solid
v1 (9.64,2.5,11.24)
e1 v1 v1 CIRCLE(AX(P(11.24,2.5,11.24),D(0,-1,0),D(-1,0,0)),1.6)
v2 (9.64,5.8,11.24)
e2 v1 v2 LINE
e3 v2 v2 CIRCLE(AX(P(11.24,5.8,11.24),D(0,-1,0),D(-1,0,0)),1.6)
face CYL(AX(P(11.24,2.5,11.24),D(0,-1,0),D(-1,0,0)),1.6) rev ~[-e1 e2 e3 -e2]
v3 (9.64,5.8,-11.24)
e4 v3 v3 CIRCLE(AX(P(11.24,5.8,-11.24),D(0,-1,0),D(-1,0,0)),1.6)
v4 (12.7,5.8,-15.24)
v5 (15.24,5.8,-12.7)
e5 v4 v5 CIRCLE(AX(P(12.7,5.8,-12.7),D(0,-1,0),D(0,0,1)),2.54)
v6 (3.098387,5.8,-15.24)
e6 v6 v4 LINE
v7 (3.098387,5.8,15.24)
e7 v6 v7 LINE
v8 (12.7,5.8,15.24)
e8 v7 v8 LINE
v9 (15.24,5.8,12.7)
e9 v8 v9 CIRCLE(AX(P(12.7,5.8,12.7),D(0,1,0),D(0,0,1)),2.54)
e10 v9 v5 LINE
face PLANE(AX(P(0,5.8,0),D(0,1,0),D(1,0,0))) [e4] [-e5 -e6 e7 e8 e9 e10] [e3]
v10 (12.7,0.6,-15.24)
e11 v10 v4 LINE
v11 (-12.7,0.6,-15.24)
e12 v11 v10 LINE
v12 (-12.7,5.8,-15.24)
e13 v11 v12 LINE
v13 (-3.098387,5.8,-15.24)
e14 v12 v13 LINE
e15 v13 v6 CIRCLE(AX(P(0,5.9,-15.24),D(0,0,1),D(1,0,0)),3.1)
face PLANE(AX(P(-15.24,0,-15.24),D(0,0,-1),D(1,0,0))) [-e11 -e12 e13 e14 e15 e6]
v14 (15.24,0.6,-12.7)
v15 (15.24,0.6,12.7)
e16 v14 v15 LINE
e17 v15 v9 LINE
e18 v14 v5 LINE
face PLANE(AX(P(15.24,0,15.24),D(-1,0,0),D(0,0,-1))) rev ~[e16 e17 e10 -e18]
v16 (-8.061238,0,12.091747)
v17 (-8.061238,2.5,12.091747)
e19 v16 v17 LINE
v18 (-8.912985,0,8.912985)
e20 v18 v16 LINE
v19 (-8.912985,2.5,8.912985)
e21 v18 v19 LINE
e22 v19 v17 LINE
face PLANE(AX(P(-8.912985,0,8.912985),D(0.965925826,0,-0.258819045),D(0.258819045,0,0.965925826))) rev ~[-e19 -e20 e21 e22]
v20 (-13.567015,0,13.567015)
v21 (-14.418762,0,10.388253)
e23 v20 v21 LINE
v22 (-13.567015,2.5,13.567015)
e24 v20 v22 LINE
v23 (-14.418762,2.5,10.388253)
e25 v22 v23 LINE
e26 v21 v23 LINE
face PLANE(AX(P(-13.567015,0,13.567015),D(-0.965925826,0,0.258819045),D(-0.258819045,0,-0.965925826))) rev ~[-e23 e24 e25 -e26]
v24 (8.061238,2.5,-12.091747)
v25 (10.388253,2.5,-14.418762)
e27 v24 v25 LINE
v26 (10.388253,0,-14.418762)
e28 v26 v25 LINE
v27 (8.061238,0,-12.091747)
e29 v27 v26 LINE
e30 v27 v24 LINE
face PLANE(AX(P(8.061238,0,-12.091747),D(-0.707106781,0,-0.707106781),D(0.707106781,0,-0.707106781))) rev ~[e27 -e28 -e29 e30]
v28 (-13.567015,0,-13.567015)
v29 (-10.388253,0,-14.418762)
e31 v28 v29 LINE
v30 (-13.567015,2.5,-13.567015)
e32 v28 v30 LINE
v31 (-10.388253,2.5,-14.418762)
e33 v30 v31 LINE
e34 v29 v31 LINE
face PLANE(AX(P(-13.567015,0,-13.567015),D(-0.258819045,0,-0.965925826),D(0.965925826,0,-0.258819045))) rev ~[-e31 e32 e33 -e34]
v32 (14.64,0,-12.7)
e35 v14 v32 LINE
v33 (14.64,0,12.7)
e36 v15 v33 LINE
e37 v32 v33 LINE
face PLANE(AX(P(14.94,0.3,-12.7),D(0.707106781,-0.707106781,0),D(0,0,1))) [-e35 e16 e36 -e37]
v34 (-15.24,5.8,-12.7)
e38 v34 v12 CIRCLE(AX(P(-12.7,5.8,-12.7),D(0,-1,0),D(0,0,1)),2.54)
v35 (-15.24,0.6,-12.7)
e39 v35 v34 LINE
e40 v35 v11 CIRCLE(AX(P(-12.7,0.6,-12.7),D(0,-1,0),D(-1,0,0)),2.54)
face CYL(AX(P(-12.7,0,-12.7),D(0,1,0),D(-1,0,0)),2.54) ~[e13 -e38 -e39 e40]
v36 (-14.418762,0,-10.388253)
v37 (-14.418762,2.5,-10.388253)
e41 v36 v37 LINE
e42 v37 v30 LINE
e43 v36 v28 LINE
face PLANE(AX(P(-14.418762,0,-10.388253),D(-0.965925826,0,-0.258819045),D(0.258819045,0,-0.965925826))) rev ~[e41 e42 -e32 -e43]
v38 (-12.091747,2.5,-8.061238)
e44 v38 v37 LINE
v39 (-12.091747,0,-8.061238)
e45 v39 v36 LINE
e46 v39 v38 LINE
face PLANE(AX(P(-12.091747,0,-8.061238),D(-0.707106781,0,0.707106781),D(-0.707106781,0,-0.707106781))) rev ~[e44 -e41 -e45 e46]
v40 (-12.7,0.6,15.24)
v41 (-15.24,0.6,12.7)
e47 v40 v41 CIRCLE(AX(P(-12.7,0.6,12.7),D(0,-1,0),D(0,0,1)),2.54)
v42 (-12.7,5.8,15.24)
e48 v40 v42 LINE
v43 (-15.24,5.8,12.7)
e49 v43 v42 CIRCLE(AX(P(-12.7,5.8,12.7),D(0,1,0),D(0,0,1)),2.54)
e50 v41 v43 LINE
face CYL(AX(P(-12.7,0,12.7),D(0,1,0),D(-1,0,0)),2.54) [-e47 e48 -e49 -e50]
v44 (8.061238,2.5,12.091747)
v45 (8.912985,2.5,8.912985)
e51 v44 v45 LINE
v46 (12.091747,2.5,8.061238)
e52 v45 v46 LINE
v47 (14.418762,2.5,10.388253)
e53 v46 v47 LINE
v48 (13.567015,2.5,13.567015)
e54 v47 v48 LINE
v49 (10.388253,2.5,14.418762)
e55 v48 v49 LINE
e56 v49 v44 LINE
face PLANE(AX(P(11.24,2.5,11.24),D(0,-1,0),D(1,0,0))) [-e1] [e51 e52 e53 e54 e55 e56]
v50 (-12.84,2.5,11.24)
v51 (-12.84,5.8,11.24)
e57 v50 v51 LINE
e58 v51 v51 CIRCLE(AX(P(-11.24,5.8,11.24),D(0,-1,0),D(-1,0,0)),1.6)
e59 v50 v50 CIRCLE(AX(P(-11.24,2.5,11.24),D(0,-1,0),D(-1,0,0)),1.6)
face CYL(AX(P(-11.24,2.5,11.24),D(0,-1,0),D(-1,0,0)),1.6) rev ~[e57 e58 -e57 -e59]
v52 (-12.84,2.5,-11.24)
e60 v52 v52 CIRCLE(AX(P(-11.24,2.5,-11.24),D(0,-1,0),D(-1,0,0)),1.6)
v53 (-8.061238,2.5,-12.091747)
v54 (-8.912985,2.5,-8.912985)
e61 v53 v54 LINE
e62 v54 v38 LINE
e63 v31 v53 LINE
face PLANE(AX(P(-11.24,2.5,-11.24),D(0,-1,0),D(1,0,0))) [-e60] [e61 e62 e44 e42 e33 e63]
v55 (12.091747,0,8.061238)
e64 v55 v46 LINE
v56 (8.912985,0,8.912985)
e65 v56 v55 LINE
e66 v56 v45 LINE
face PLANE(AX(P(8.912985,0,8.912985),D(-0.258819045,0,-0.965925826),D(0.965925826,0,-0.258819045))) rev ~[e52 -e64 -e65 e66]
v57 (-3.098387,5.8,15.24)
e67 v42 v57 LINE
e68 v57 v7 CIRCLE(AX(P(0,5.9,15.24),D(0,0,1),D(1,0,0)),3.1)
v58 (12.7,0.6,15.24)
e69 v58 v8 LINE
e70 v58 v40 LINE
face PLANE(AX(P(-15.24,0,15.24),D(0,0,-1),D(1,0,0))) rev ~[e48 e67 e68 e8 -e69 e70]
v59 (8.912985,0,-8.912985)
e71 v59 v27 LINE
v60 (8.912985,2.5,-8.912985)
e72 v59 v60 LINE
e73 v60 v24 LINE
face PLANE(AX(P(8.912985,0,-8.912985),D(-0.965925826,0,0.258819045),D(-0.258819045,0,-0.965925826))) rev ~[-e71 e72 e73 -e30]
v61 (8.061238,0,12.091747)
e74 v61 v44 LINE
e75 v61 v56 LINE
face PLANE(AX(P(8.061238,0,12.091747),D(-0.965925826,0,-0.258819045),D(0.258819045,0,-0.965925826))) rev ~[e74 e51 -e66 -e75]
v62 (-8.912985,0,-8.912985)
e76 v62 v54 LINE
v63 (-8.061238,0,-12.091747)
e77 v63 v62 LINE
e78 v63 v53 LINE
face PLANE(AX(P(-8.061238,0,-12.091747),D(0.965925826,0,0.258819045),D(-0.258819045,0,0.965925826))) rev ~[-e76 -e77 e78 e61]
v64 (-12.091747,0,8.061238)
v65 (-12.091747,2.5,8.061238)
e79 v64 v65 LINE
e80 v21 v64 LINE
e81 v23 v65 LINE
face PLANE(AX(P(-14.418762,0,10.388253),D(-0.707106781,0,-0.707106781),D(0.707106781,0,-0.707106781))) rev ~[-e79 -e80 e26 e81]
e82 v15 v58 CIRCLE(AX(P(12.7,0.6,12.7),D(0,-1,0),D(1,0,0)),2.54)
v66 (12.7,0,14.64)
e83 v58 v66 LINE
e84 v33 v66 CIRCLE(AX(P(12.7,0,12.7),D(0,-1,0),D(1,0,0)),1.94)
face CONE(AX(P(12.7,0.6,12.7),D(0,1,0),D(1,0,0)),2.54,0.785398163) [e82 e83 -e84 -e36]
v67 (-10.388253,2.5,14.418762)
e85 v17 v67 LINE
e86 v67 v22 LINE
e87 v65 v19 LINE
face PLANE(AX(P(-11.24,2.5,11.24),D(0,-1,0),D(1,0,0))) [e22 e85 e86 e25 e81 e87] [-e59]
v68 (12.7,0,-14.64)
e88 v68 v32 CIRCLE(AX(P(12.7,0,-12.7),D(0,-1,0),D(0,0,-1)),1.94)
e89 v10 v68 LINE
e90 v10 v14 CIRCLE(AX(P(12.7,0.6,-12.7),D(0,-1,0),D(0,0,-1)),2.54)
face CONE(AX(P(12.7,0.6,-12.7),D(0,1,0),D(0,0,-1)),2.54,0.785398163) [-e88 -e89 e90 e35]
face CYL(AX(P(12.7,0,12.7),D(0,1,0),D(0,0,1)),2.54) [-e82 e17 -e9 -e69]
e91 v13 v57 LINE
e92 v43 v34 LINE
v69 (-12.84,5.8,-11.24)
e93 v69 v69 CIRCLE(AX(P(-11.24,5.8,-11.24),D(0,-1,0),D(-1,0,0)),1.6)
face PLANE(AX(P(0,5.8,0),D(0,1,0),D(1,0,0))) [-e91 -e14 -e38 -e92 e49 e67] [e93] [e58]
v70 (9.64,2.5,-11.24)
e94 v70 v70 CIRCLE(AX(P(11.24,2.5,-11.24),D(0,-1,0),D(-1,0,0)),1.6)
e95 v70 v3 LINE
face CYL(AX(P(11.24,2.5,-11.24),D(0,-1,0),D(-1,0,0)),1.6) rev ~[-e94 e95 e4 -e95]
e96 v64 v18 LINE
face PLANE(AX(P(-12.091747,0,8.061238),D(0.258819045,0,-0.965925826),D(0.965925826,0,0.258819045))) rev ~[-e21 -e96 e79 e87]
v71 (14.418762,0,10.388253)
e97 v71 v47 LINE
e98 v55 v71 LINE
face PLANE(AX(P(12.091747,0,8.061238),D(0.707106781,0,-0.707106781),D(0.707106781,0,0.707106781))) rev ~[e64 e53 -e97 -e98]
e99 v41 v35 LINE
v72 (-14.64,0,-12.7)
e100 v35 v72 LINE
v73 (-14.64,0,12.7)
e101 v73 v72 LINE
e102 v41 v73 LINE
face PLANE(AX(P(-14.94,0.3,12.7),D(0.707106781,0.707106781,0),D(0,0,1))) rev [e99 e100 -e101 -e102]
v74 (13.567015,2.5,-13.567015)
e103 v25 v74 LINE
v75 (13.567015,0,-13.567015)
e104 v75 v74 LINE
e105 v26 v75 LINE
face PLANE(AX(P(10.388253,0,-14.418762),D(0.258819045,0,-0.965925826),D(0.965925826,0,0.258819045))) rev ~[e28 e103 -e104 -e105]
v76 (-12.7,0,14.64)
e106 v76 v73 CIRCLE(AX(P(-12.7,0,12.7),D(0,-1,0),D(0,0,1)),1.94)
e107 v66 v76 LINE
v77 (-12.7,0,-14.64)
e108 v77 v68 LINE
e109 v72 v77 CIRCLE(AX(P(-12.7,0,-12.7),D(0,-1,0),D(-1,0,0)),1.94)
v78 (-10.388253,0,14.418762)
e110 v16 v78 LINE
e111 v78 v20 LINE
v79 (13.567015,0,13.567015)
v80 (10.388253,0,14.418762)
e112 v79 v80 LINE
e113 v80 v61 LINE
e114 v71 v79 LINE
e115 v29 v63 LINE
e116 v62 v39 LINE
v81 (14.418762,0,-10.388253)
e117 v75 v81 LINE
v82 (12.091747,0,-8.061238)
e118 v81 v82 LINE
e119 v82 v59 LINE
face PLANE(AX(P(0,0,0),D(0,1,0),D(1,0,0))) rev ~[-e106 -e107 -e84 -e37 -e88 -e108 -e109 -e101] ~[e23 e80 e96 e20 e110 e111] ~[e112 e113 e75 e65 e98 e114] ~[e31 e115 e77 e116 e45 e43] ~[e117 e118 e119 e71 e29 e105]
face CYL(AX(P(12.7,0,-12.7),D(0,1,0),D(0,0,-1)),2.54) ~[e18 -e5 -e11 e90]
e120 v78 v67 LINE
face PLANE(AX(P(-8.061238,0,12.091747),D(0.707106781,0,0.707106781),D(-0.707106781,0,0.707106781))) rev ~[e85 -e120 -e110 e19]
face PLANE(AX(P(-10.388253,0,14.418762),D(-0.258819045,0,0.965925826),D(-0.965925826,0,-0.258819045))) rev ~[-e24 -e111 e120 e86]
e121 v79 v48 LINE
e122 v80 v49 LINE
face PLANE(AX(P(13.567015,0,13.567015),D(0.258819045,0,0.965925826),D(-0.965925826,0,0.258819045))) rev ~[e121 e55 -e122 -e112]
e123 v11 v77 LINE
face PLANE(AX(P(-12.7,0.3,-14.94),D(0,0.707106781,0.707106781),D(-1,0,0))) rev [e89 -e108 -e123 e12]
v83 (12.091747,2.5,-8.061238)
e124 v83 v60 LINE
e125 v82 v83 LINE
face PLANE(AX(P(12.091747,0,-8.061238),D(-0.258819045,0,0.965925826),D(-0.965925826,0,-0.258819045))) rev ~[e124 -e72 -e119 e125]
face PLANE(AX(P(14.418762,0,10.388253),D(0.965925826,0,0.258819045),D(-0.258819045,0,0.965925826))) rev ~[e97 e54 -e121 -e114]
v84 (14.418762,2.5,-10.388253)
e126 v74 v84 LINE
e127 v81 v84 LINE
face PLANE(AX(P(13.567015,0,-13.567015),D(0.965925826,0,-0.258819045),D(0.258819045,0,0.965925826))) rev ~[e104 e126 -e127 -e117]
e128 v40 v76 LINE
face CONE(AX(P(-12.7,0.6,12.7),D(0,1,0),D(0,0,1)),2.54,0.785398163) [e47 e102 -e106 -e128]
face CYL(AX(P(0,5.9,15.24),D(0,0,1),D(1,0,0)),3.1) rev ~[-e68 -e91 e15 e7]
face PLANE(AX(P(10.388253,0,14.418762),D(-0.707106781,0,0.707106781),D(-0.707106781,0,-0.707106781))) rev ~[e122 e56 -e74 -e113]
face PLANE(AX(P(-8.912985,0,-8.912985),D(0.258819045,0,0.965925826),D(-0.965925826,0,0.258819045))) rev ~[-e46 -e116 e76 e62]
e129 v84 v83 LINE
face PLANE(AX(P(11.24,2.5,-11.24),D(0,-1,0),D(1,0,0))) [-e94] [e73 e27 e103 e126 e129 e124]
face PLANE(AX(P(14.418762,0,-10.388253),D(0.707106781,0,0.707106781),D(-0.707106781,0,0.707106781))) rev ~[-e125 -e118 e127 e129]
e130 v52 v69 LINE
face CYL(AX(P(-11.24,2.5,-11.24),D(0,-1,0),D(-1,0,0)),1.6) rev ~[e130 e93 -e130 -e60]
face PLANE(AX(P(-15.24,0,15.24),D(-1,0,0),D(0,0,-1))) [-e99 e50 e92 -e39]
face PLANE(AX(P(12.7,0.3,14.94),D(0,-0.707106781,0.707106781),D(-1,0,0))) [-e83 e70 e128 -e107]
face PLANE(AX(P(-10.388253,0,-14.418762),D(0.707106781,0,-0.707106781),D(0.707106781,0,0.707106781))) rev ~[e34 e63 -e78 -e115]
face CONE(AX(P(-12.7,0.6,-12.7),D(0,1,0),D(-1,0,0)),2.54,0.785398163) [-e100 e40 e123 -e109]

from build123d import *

# Parameters (mm, degrees)
SKETCH_2_W          = 30.48
SKETCH_2_H          = 30.48
EXTRUDE_1_DEPTH     = 5.8
SKETCH_3_R          = 3.1
CUT_EXTRUDE_1_DEPTH = 30.48
CUT_EXTRUDE_2_DEPTH = 2.5
SKETCH_5_R          = 1.6
CUT_EXTRUDE_3_DEPTH = 3.3
FILLET_1_R          = 2.54
CHAMFER_1_SIZE      = 0.6


with BuildPart() as part:
    # 草图2 → 凸台-拉伸1 (new body)
    with BuildSketch(Plane(origin=(0, 0, 0), x_dir=(1, 0, 0), z_dir=(0, 1, 0))):
        Rectangle(SKETCH_2_W, SKETCH_2_H)
    extrude(amount=EXTRUDE_1_DEPTH)

    # 草图3 → 切除-拉伸1 (cut)
    with BuildSketch(Plane.XY.offset(15.24)):
        with Locations((0, 5.9)):
            Circle(SKETCH_3_R)
    extrude(amount=-CUT_EXTRUDE_1_DEPTH, mode=Mode.SUBTRACT)

    # 草图4 → 切除-拉伸2 (cut)
    with BuildSketch(Plane.XZ):
        Polygon((13.567015256, 13.567015256), (10.388253301, 14.418761954), (8.061238046, 12.091746699), (8.912984744, 8.912984744), (12.091746699, 8.061238046), (14.418761954, 10.388253301), align=None)
        Polygon((-13.567015256, 13.567015256), (-14.418761954, 10.388253301), (-12.091746699, 8.061238046), (-8.912984744, 8.912984744), (-8.061238046, 12.091746699), (-10.388253301, 14.418761954), align=None)
        Polygon((13.567015256, -13.567015256), (14.418761954, -10.388253301), (12.091746699, -8.061238046), (8.912984744, -8.912984744), (8.061238046, -12.091746699), (10.388253301, -14.418761954), align=None)
        Polygon((-13.567015256, -13.567015256), (-10.388253301, -14.418761954), (-8.061238046, -12.091746699), (-8.912984744, -8.912984744), (-12.091746699, -8.061238046), (-14.418761954, -10.388253301), align=None)
    extrude(amount=-CUT_EXTRUDE_2_DEPTH, mode=Mode.SUBTRACT)

    # 草图5 → 切除-拉伸3 (cut)
    with BuildSketch(Plane(origin=(0, 2.5, 0), x_dir=(-1, 0, 0), z_dir=(0, -1, 0))):
        with Locations((11.24, -11.24)):
            Circle(SKETCH_5_R)
        with Locations((-11.24, -11.24)):
            Circle(SKETCH_5_R)
        with Locations((-11.24, 11.24)):
            Circle(SKETCH_5_R)
        with Locations((11.24, 11.24)):
            Circle(SKETCH_5_R)
    extrude(amount=-CUT_EXTRUDE_3_DEPTH, mode=Mode.SUBTRACT)

    # 圆角1
    fillet_1_edges = [part.edges().sort_by_distance(p)[0] for p in [
        (15.24, 2.9, 15.24),
        (-15.24, 2.9, 15.24),
        (-15.24, 2.9, -15.24),
        (15.24, 2.9, -15.24),
    ]]
    fillet(fillet_1_edges, radius=FILLET_1_R)

    # 倒角1
    chamfer_1_edges = [part.edges().sort_by_distance(p)[0] for p in [
        (-15.24, 0, 0),
        (15.24, 0, 0),
        (0, 0, 15.24),
        (0, 0, -15.24),
        (14.496051224, 0, -14.496051224),
        (14.496051224, 0, 14.496051224),
        (-14.496051224, 0, 14.496051224),
        (-14.496051224, 0, -14.496051224),
    ]]
    chamfer(chamfer_1_edges, length=CHAMFER_1_SIZE)


solid = part.part
